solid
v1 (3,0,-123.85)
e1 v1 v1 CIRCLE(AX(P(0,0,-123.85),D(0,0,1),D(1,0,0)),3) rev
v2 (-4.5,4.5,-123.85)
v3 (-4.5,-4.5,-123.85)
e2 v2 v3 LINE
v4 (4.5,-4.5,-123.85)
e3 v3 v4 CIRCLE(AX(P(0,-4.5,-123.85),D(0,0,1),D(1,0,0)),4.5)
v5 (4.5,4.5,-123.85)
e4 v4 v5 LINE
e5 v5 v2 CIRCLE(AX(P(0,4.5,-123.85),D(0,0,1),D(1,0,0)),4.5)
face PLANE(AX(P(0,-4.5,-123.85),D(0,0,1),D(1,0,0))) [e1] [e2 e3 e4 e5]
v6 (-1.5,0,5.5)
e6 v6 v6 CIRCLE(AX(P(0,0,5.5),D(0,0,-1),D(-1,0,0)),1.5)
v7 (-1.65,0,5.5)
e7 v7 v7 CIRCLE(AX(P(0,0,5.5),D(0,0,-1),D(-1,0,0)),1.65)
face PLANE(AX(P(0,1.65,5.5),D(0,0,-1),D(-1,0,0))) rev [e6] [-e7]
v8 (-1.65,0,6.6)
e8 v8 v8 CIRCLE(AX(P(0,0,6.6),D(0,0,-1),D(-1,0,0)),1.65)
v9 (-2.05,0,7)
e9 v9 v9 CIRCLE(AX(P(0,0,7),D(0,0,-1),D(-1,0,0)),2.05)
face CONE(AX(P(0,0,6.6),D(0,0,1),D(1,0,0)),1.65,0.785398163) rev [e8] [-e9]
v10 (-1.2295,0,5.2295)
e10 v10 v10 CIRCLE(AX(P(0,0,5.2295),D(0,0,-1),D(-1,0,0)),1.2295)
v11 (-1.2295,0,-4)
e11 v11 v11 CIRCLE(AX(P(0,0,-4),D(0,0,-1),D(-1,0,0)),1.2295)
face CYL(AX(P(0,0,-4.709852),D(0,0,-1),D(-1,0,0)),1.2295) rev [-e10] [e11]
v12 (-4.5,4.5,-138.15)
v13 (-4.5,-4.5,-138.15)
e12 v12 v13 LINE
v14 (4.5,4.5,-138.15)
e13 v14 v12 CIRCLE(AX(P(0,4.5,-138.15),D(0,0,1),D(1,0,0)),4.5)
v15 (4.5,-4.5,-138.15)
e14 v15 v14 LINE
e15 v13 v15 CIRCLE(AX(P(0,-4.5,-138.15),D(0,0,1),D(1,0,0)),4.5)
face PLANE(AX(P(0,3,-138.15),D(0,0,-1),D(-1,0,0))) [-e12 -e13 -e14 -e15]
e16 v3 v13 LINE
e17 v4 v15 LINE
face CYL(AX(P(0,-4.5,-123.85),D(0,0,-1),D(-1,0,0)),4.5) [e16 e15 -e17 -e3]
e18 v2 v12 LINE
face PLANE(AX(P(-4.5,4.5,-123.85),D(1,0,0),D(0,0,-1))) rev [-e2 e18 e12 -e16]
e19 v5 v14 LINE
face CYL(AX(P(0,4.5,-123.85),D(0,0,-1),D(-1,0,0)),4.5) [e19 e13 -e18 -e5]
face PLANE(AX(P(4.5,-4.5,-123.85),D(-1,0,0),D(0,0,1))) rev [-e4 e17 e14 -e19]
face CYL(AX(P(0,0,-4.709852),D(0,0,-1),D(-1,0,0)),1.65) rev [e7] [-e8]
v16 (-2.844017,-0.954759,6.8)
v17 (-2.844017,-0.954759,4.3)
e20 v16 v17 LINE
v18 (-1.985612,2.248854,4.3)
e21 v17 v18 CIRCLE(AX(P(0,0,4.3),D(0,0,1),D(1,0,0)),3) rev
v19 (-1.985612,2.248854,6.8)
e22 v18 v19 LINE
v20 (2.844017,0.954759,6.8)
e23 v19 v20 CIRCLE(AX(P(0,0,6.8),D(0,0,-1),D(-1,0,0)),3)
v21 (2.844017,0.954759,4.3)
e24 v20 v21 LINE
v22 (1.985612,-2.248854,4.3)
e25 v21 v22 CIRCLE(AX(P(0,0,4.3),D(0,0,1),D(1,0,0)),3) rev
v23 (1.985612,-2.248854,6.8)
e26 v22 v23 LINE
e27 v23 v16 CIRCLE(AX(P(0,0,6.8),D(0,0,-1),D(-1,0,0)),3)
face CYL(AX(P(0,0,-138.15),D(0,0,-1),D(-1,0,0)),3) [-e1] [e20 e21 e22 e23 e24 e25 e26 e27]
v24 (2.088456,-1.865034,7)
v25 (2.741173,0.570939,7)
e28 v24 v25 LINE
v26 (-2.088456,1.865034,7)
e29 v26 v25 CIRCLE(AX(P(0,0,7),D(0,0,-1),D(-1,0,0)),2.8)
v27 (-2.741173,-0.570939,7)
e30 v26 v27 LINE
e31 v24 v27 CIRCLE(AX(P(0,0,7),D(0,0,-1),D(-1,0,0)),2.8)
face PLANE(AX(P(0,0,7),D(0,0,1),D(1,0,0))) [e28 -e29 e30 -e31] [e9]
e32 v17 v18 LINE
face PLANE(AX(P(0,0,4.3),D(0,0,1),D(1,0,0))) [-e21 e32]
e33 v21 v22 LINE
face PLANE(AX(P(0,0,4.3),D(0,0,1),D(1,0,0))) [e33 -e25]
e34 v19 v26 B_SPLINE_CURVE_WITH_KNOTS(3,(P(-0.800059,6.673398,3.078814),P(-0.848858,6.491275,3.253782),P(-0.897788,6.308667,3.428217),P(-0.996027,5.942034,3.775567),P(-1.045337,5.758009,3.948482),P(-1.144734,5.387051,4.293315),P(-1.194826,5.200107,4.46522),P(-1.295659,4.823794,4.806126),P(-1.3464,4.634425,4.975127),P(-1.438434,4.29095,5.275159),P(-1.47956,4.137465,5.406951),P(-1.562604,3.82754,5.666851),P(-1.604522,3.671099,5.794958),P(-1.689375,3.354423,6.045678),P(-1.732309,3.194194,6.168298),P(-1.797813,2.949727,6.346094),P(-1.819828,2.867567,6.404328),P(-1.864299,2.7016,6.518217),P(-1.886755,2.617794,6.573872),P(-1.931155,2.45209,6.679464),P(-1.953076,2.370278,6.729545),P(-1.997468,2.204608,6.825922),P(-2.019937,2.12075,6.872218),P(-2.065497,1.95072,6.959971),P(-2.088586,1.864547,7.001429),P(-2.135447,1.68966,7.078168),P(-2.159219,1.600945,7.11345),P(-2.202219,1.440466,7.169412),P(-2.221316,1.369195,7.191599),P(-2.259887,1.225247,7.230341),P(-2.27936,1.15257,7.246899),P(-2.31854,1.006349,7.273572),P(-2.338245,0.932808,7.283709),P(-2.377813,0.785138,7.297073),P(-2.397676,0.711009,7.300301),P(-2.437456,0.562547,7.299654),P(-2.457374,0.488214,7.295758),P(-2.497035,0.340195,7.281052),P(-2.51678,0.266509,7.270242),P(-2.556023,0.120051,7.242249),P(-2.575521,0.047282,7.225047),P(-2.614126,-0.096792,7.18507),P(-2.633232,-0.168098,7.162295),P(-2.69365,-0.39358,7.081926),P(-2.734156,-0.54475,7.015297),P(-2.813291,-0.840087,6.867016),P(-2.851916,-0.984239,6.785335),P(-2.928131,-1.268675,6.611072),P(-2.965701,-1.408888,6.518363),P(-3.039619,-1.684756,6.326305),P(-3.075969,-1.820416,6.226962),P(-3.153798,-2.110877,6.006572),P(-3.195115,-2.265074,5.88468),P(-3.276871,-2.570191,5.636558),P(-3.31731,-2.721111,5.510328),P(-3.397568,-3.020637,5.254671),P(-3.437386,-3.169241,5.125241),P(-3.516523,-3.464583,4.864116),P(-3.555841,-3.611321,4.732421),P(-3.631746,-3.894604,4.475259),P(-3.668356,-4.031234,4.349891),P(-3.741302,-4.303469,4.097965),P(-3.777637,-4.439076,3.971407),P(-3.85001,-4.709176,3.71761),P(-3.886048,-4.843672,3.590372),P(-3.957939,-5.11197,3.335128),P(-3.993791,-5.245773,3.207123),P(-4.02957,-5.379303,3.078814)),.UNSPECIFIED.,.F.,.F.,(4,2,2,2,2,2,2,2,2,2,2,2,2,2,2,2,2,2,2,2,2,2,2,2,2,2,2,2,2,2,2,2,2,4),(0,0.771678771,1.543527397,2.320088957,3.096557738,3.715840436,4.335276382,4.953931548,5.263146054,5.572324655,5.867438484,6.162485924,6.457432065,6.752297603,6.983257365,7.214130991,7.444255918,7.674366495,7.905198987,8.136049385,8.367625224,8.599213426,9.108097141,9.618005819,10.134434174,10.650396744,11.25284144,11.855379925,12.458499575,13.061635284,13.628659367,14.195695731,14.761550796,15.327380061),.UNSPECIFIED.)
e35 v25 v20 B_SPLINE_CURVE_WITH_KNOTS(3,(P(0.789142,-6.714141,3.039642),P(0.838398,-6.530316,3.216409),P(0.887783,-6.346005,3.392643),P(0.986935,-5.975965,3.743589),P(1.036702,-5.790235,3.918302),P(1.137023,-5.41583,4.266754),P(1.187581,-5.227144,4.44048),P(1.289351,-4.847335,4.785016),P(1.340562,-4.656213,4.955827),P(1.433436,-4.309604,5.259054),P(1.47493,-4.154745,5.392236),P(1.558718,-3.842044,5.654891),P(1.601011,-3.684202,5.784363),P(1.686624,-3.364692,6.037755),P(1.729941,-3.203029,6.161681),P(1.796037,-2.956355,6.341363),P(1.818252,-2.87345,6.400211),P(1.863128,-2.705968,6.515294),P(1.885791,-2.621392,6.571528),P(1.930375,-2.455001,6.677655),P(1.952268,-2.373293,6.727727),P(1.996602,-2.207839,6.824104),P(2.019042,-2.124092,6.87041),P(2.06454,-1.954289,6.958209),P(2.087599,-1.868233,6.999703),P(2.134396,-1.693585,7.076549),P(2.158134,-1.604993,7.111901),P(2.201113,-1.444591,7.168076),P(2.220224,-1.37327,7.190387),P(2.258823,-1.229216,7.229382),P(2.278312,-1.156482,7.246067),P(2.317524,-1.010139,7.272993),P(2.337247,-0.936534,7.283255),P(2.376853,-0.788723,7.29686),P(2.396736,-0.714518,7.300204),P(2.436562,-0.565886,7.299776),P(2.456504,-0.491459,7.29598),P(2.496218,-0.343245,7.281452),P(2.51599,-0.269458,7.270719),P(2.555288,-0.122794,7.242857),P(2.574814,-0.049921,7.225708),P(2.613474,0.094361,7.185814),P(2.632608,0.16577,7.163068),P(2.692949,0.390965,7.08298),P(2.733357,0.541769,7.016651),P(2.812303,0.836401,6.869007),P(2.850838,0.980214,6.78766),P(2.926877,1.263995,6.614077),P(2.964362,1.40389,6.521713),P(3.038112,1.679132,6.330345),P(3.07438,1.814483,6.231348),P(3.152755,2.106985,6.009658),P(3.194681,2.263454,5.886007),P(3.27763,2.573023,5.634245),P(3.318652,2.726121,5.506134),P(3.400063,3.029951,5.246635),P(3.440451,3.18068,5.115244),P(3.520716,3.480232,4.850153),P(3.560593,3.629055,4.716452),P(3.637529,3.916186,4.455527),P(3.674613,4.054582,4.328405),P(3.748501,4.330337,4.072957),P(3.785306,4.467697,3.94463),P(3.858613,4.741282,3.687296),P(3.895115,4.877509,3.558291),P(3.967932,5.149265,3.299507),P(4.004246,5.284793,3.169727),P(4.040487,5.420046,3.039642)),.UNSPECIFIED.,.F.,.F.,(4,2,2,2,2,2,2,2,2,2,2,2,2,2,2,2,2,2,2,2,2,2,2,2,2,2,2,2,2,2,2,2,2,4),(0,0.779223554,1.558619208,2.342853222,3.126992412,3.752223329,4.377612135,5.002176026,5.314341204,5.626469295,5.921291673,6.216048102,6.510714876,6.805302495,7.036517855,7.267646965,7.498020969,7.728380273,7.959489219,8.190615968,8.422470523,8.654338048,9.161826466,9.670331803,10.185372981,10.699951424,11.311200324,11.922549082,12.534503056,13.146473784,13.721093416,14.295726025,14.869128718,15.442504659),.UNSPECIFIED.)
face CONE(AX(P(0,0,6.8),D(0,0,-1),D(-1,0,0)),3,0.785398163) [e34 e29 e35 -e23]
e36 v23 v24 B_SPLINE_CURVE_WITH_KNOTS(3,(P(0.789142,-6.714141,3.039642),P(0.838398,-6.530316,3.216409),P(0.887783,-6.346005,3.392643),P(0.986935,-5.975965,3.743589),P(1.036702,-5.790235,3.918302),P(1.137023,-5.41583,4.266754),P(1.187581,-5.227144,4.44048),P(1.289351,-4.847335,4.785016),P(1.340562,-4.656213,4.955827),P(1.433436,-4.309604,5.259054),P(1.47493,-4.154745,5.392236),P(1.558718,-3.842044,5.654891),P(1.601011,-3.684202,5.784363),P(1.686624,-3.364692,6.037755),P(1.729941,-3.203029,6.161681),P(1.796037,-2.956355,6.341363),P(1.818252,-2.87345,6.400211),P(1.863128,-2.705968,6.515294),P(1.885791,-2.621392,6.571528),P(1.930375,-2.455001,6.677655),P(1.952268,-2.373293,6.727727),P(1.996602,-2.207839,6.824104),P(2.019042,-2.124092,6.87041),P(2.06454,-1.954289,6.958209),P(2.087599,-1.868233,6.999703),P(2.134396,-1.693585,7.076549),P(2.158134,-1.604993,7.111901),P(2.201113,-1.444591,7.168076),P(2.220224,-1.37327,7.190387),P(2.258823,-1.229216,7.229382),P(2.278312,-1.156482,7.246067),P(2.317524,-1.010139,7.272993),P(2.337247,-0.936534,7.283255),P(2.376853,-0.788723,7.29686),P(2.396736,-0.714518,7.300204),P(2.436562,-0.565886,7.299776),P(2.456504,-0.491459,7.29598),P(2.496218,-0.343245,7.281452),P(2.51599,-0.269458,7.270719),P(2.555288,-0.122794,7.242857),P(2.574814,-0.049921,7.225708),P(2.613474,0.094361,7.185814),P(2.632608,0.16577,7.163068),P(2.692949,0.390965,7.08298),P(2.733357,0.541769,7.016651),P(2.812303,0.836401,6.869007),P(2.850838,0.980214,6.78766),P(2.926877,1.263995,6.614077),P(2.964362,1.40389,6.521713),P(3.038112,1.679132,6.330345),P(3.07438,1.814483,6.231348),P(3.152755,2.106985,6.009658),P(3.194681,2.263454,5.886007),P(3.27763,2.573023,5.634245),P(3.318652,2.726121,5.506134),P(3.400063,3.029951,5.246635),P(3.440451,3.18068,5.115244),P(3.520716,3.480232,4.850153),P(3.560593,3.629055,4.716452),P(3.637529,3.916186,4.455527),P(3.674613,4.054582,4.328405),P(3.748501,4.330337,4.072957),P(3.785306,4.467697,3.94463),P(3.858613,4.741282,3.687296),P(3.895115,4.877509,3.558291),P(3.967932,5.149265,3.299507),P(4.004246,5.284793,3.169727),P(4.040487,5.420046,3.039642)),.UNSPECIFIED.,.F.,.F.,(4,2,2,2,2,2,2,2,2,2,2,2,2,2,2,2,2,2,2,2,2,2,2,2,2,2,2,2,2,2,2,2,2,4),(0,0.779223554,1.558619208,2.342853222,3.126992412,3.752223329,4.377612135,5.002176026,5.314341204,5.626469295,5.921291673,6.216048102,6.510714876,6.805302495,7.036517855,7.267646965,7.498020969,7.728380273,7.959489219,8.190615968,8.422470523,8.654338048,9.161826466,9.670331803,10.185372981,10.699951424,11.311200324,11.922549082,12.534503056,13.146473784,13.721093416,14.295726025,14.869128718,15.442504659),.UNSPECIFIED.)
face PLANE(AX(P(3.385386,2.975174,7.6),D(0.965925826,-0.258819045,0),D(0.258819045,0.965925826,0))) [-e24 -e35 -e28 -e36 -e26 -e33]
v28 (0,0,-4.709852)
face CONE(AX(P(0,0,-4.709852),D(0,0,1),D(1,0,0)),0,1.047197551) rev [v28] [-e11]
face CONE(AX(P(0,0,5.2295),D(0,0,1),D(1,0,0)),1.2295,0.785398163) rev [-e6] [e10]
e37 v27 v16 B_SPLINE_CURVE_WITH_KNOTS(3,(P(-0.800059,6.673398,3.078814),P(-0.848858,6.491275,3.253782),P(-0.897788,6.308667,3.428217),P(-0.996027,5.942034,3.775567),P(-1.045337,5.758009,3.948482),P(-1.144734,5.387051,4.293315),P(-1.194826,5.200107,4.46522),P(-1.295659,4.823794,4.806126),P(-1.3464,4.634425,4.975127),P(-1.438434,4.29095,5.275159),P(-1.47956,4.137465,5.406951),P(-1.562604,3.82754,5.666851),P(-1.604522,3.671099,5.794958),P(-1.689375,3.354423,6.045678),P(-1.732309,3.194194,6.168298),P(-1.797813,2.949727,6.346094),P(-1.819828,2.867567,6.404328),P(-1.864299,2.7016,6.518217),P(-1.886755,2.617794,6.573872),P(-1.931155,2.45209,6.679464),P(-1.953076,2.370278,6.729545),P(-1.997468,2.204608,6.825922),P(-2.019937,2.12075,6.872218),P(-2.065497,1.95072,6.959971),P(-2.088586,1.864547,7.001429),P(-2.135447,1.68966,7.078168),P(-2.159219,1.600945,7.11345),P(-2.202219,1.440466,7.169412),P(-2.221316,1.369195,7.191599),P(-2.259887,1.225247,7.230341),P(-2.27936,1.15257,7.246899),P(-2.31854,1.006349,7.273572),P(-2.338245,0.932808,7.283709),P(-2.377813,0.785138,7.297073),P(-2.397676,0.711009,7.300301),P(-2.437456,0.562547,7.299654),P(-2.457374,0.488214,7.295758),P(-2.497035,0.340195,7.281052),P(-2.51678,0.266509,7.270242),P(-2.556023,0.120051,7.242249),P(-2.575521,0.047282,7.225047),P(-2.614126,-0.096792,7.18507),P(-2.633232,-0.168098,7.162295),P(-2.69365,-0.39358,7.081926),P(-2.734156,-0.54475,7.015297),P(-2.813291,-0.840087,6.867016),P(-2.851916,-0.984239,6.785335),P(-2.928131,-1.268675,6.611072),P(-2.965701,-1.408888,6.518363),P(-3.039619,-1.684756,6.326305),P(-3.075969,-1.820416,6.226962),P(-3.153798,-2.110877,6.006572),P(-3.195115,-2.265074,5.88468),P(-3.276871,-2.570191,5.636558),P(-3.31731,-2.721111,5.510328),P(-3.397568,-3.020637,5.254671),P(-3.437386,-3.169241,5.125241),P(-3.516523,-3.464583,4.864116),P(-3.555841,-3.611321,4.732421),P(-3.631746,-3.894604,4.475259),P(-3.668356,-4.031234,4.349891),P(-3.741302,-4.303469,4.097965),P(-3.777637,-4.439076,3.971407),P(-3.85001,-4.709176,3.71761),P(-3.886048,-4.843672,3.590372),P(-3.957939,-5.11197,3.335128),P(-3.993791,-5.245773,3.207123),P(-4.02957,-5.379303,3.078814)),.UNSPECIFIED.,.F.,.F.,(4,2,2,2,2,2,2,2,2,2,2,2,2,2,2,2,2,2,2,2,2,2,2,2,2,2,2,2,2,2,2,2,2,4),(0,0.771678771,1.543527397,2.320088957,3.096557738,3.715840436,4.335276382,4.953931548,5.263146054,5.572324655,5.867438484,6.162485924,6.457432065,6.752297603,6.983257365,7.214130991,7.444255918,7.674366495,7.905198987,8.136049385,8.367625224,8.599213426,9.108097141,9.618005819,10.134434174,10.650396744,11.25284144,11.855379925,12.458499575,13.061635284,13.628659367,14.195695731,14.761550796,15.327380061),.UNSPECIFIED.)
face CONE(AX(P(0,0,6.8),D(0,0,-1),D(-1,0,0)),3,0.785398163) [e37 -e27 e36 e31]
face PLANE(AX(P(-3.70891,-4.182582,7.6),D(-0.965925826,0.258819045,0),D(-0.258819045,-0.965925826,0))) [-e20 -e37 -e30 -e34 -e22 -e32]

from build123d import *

# Parameters (mm, degrees)
CUT_EXTRUDE1_DEPTH  = 3.3
BOSS_EXTRUDE1_DEPTH = 14.3


with BuildPart() as part:
    # Sketch1 → Revolve1 (revolve)
    with BuildSketch(Plane(origin=(0, 0, 0), x_dir=(0, 0, -1), z_dir=(1, 0, 0))):
        Polygon((-7, 0), (-7, 2.8), (-6.8, 3), (138.15, 3), (138.15, 0), align=None)
    revolve(axis=Axis((0, 0, -138.15), (0, 0, 1)))

    # Sketch2 → Cut-Revolve1 (revolve, cut)
    with BuildSketch(Plane(origin=(0, 0, 0), x_dir=(0, 0, -1), z_dir=(1, 0, 0))):
        Polygon((-7, 0), (-7, 2.05), (-6.6, 1.65), (-5.5, 1.65), (-5.5, 1.5), (-5.2295, 1.2295), (4, 1.2295), (4.709852156, 0), align=None)
    revolve(axis=Axis((0, 0, -4.709852156), (0, 0, 1)), mode=Mode.SUBTRACT)

    # Sketch3 → Cut-Extrude1 (cut)
    with BuildSketch(Plane.XY.offset(4.3)):
        Polygon((-6.447248163, -4.742941189), (3.2120101, -7.33113164), (5.800200551, 2.328126623), (3.385385985, 2.975174236), (1.12071934, -5.476676744), (-3.708909791, -4.182581519), (-1.444243147, 4.269269461), (-3.859057712, 4.916317074), align=None)
    extrude(amount=CUT_EXTRUDE1_DEPTH, mode=Mode.SUBTRACT)

    # Sketch4 → Boss-Extrude1 (add)
    with BuildSketch(Plane.XY.offset(-138.15)):
        with BuildLine():
            Line((4.5, -4.5), (4.5, 4.5))
            ThreePointArc((4.5, 4.5), (3.181980515, 7.681980515), (0, 9))
            ThreePointArc((0, 9), (-3.181980515, 7.681980515), (-4.5, 4.5))
            Line((-4.5, 4.5), (-4.5, -4.5))
            ThreePointArc((-4.5, -4.5), (-3.181980515, -7.681980515), (0, -9))
            ThreePointArc((0, -9), (3.181980515, -7.681980515), (4.5, -4.5))
        make_face()
    extrude(amount=BOSS_EXTRUDE1_DEPTH)


solid = part.part
